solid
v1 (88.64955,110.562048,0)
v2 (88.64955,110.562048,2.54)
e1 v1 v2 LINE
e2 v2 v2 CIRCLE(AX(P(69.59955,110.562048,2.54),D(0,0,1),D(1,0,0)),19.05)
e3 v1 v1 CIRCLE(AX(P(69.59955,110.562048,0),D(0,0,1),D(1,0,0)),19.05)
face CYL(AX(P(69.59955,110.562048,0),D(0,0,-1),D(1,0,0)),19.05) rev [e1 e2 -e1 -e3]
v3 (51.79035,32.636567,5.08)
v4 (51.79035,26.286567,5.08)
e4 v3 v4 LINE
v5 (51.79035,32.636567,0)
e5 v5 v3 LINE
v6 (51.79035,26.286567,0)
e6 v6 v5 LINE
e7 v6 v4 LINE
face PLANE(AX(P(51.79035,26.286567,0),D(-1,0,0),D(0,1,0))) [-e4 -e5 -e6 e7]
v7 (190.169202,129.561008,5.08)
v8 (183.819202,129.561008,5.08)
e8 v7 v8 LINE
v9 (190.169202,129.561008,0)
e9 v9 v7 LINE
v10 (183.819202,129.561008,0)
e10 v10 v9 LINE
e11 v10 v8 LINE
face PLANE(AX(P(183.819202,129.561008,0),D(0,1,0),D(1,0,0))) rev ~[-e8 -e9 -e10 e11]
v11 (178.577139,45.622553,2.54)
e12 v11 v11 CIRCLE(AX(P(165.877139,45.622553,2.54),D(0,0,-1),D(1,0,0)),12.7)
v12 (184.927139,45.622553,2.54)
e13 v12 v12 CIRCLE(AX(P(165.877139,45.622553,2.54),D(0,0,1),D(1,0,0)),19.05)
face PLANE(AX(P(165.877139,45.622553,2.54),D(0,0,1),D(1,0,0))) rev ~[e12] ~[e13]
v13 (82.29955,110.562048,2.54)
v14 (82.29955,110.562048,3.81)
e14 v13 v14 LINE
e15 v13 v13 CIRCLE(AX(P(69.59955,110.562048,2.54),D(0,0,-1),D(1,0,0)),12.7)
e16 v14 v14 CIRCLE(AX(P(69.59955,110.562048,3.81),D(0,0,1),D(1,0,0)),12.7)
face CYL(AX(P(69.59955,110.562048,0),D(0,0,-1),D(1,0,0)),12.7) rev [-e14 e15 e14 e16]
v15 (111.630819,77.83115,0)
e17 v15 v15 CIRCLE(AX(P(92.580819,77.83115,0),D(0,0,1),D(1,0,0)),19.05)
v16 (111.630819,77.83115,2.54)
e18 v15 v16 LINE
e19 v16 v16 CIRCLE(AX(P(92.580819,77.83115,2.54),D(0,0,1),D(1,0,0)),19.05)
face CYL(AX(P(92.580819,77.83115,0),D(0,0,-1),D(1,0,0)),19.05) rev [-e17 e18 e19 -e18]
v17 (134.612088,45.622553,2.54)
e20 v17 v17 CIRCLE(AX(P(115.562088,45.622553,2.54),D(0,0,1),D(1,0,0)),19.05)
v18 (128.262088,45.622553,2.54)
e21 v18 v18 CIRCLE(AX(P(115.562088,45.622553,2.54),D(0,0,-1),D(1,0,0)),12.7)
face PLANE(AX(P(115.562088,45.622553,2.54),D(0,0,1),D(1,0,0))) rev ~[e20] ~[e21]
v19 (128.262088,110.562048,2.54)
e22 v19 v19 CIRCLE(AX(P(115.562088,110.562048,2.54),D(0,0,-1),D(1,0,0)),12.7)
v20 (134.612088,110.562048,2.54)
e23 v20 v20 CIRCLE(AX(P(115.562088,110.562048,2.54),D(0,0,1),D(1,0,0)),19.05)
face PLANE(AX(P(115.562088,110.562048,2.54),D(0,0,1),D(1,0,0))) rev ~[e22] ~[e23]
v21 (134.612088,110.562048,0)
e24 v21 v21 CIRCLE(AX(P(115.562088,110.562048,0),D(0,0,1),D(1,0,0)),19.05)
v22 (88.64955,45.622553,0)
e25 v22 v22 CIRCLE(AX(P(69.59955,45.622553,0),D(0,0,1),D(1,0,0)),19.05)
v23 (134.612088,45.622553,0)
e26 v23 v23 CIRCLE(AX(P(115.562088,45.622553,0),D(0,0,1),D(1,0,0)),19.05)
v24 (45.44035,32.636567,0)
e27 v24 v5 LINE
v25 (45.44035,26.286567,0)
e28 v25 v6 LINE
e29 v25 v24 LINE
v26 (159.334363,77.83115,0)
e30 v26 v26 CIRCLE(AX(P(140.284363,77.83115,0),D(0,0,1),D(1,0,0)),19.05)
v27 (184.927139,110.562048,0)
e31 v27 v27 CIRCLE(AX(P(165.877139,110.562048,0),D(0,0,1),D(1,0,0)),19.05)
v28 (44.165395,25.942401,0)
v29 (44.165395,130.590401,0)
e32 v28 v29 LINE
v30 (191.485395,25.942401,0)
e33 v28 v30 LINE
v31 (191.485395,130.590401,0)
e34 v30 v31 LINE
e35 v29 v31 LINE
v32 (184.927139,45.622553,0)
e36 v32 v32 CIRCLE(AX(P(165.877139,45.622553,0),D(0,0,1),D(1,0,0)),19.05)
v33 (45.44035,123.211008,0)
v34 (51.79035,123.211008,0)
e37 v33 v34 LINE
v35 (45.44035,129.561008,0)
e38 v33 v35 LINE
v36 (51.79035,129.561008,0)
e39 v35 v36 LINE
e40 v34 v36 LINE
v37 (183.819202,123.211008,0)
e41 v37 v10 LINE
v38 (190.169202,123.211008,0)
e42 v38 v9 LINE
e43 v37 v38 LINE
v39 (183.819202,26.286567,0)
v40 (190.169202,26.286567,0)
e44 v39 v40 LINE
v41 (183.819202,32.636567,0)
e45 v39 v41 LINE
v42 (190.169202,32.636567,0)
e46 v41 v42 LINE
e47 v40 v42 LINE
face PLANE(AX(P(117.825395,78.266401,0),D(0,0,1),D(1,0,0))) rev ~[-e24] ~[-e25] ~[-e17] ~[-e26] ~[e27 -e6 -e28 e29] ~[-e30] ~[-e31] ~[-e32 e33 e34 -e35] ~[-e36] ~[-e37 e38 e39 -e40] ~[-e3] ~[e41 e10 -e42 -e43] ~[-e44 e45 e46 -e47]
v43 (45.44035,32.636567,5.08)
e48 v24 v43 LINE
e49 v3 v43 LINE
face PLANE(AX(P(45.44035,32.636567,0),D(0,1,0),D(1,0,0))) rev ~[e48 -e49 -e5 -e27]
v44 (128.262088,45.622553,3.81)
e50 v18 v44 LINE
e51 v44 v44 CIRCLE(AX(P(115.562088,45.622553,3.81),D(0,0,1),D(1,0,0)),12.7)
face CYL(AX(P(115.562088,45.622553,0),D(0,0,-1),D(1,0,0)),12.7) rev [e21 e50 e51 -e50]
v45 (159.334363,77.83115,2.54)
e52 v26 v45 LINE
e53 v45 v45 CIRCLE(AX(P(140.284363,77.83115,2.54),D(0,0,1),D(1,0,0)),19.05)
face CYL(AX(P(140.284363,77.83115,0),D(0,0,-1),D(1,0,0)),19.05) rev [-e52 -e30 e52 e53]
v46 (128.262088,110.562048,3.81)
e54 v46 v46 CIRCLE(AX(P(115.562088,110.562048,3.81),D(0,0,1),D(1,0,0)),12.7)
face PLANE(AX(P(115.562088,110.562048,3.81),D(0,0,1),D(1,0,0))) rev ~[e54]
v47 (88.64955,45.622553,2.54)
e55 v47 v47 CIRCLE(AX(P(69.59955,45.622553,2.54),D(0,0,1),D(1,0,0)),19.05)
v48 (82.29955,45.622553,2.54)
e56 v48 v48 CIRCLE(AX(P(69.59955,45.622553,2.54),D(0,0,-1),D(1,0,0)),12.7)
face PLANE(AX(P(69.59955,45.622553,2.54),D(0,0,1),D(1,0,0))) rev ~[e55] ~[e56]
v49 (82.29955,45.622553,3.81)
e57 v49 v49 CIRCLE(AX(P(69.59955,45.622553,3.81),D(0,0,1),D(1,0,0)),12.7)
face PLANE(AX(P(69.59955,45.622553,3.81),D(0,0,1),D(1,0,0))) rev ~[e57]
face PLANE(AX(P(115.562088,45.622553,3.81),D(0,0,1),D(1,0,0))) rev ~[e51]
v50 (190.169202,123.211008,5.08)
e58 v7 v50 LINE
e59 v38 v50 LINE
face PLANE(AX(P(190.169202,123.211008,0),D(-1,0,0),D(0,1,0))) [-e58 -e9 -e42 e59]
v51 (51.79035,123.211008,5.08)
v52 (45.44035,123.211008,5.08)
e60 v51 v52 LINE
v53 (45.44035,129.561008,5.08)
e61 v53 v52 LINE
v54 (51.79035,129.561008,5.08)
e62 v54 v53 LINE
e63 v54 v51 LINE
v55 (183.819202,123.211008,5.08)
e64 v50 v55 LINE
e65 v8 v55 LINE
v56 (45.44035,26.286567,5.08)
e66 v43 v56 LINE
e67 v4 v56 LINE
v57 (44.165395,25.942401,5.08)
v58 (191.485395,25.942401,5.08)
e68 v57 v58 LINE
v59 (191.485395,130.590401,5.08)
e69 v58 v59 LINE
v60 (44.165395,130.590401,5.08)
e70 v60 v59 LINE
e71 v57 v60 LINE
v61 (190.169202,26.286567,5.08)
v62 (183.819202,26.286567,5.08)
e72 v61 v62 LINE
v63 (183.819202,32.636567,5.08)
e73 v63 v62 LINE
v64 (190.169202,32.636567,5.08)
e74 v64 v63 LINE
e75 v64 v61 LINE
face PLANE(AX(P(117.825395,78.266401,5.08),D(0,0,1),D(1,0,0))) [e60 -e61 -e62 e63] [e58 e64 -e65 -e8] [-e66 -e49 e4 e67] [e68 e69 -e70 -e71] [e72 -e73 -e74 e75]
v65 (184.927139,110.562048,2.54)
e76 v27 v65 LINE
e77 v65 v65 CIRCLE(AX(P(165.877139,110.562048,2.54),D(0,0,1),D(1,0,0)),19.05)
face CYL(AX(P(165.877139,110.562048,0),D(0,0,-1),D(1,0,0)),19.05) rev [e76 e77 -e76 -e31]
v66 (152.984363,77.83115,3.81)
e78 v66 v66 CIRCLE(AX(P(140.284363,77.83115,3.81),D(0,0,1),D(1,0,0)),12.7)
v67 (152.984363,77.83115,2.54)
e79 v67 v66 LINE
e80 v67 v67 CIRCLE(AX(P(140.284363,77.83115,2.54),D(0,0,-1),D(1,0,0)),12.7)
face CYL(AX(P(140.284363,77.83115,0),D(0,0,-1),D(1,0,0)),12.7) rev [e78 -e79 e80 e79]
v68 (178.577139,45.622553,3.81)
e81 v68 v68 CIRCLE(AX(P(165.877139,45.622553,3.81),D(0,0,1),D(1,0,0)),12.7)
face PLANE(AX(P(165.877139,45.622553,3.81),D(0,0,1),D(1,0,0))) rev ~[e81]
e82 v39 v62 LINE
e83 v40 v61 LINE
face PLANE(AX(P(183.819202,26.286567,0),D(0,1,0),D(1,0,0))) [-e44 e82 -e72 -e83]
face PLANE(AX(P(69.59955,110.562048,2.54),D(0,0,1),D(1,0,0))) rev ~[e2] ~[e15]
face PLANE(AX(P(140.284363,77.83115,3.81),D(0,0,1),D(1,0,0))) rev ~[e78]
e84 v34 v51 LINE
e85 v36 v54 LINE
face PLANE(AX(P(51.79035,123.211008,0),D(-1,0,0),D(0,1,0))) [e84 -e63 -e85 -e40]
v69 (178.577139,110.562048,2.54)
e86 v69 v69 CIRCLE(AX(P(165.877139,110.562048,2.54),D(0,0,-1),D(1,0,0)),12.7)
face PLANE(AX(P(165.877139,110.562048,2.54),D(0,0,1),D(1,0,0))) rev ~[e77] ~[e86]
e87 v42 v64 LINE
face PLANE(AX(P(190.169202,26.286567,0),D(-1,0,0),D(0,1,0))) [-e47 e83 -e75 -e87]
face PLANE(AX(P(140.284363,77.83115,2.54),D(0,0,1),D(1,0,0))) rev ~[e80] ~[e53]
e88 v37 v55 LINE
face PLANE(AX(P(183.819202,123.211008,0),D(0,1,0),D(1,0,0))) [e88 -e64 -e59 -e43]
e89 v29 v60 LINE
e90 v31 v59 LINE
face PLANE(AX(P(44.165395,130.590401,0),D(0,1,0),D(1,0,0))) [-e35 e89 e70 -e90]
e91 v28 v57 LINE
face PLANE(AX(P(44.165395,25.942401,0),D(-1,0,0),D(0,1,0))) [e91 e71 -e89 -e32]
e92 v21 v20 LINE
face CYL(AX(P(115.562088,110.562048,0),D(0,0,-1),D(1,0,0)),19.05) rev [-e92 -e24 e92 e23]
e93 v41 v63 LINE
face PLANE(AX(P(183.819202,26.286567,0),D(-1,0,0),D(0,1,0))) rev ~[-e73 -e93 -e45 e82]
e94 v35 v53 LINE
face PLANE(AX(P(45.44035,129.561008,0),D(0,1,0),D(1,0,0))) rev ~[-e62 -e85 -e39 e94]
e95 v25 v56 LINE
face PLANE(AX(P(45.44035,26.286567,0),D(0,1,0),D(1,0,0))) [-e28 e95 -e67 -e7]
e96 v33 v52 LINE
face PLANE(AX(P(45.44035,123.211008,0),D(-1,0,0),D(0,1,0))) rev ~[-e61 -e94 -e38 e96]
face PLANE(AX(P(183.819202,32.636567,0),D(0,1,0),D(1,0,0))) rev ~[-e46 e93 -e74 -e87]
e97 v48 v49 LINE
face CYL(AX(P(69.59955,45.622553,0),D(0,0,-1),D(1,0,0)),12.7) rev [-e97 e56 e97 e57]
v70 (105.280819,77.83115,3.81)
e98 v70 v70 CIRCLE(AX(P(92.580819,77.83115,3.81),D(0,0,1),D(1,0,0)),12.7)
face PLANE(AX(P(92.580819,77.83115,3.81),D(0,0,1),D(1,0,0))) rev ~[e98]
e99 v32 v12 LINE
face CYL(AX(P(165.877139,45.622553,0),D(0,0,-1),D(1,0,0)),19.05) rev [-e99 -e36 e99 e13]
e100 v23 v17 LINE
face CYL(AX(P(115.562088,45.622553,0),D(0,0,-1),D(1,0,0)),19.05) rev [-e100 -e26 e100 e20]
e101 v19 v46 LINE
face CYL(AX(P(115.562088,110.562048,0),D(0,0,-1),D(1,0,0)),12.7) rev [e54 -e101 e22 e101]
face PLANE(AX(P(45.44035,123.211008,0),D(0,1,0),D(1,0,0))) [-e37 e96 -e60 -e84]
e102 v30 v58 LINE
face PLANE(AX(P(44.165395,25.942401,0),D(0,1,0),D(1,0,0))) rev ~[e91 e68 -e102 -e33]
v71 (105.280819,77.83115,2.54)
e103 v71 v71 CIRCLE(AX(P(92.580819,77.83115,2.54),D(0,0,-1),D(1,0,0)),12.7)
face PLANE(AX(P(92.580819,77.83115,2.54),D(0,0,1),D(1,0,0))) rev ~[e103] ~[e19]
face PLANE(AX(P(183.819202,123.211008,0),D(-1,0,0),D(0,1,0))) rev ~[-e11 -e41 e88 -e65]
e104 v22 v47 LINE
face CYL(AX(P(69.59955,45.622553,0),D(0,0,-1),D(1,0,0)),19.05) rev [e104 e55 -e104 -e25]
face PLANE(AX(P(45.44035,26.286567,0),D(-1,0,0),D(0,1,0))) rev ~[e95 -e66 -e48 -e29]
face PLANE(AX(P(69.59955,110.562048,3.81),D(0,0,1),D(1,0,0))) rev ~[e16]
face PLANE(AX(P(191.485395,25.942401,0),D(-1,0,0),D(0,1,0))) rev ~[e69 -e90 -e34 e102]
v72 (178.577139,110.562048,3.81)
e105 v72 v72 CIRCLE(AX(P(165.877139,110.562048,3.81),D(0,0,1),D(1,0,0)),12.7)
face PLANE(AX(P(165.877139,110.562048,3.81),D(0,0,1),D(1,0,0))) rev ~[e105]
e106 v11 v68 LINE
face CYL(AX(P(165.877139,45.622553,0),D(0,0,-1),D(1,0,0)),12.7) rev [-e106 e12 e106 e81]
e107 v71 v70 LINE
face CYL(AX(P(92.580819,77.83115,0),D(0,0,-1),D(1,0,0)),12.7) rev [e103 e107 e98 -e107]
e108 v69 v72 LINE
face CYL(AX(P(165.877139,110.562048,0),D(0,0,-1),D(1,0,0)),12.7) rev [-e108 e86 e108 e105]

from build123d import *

# Parameters (mm, degrees)
SKETCH2_W           = 147.32
SKETCH2_H           = 104.648
BOSS_EXTRUDE1_DEPTH = 5.08
SKETCH3_R           = 19.05
CUT_EXTRUDE1_DEPTH  = 2.54
SKETCH4_R           = 12.7
CUT_EXTRUDE2_DEPTH  = 3.81
SKETCH5_W           = 6.35
SKETCH5_H           = 6.35
CUT_EXTRUDE3_DEPTH  = 6.35


with BuildPart() as part:
    # Sketch2 → Boss-Extrude1 (new body)
    with BuildSketch(Plane.XY):
        with Locations((117.825395055, 78.266401141)):
            Rectangle(SKETCH2_W, SKETCH2_H)
    extrude(amount=BOSS_EXTRUDE1_DEPTH)

    # Sketch3 → Cut-Extrude1 (cut)
    with BuildSketch(Plane.XY):
        with Locations((69.599550134, 110.562048191)):
            Circle(SKETCH3_R)
        with Locations((69.599550134, 45.622553044)):
            Circle(SKETCH3_R)
        with Locations((92.580819194, 77.831149833)):
            Circle(SKETCH3_R)
        with Locations((115.562088254, 110.562048191)):
            Circle(SKETCH3_R)
        with Locations((115.562088254, 45.622553044)):
            Circle(SKETCH3_R)
        with Locations((140.284362546, 77.831149833)):
            Circle(SKETCH3_R)
        with Locations((165.877139454, 110.562048191)):
            Circle(SKETCH3_R)
        with Locations((165.877139454, 45.622553044)):
            Circle(SKETCH3_R)
    extrude(amount=CUT_EXTRUDE1_DEPTH, mode=Mode.SUBTRACT)

    # Sketch4 → Cut-Extrude2 (cut)
    with BuildSketch(Plane.XY):
        with Locations((69.599550134, 45.622553044)):
            Circle(SKETCH4_R)
        with Locations((115.562088254, 45.622553044)):
            Circle(SKETCH4_R)
        with Locations((165.877139454, 45.622553044)):
            Circle(SKETCH4_R)
        with Locations((92.580819194, 77.831149833)):
            Circle(SKETCH4_R)
        with Locations((140.284362546, 77.831149833)):
            Circle(SKETCH4_R)
        with Locations((69.599550134, 110.562048191)):
            Circle(SKETCH4_R)
        with Locations((115.562088254, 110.562048191)):
            Circle(SKETCH4_R)
        with Locations((165.877139454, 110.562048191)):
            Circle(SKETCH4_R)
    extrude(amount=CUT_EXTRUDE2_DEPTH, mode=Mode.SUBTRACT)

    # Sketch5 → Cut-Extrude3 (cut)
    with BuildSketch(Plane.XY):
        with Locations((48.615350013, 29.461567224)):
            Rectangle(SKETCH5_W, SKETCH5_H)
        with Locations((186.994201874, 29.461567224)):
            Rectangle(SKETCH5_W, SKETCH5_H)
        with Locations((186.994201874, 126.386007845)):
            Rectangle(SKETCH5_W, SKETCH5_H)
        with Locations((48.615350013, 126.386007845)):
            Rectangle(SKETCH5_W, SKETCH5_H)
    extrude(amount=CUT_EXTRUDE3_DEPTH, mode=Mode.SUBTRACT)


solid = part.part
